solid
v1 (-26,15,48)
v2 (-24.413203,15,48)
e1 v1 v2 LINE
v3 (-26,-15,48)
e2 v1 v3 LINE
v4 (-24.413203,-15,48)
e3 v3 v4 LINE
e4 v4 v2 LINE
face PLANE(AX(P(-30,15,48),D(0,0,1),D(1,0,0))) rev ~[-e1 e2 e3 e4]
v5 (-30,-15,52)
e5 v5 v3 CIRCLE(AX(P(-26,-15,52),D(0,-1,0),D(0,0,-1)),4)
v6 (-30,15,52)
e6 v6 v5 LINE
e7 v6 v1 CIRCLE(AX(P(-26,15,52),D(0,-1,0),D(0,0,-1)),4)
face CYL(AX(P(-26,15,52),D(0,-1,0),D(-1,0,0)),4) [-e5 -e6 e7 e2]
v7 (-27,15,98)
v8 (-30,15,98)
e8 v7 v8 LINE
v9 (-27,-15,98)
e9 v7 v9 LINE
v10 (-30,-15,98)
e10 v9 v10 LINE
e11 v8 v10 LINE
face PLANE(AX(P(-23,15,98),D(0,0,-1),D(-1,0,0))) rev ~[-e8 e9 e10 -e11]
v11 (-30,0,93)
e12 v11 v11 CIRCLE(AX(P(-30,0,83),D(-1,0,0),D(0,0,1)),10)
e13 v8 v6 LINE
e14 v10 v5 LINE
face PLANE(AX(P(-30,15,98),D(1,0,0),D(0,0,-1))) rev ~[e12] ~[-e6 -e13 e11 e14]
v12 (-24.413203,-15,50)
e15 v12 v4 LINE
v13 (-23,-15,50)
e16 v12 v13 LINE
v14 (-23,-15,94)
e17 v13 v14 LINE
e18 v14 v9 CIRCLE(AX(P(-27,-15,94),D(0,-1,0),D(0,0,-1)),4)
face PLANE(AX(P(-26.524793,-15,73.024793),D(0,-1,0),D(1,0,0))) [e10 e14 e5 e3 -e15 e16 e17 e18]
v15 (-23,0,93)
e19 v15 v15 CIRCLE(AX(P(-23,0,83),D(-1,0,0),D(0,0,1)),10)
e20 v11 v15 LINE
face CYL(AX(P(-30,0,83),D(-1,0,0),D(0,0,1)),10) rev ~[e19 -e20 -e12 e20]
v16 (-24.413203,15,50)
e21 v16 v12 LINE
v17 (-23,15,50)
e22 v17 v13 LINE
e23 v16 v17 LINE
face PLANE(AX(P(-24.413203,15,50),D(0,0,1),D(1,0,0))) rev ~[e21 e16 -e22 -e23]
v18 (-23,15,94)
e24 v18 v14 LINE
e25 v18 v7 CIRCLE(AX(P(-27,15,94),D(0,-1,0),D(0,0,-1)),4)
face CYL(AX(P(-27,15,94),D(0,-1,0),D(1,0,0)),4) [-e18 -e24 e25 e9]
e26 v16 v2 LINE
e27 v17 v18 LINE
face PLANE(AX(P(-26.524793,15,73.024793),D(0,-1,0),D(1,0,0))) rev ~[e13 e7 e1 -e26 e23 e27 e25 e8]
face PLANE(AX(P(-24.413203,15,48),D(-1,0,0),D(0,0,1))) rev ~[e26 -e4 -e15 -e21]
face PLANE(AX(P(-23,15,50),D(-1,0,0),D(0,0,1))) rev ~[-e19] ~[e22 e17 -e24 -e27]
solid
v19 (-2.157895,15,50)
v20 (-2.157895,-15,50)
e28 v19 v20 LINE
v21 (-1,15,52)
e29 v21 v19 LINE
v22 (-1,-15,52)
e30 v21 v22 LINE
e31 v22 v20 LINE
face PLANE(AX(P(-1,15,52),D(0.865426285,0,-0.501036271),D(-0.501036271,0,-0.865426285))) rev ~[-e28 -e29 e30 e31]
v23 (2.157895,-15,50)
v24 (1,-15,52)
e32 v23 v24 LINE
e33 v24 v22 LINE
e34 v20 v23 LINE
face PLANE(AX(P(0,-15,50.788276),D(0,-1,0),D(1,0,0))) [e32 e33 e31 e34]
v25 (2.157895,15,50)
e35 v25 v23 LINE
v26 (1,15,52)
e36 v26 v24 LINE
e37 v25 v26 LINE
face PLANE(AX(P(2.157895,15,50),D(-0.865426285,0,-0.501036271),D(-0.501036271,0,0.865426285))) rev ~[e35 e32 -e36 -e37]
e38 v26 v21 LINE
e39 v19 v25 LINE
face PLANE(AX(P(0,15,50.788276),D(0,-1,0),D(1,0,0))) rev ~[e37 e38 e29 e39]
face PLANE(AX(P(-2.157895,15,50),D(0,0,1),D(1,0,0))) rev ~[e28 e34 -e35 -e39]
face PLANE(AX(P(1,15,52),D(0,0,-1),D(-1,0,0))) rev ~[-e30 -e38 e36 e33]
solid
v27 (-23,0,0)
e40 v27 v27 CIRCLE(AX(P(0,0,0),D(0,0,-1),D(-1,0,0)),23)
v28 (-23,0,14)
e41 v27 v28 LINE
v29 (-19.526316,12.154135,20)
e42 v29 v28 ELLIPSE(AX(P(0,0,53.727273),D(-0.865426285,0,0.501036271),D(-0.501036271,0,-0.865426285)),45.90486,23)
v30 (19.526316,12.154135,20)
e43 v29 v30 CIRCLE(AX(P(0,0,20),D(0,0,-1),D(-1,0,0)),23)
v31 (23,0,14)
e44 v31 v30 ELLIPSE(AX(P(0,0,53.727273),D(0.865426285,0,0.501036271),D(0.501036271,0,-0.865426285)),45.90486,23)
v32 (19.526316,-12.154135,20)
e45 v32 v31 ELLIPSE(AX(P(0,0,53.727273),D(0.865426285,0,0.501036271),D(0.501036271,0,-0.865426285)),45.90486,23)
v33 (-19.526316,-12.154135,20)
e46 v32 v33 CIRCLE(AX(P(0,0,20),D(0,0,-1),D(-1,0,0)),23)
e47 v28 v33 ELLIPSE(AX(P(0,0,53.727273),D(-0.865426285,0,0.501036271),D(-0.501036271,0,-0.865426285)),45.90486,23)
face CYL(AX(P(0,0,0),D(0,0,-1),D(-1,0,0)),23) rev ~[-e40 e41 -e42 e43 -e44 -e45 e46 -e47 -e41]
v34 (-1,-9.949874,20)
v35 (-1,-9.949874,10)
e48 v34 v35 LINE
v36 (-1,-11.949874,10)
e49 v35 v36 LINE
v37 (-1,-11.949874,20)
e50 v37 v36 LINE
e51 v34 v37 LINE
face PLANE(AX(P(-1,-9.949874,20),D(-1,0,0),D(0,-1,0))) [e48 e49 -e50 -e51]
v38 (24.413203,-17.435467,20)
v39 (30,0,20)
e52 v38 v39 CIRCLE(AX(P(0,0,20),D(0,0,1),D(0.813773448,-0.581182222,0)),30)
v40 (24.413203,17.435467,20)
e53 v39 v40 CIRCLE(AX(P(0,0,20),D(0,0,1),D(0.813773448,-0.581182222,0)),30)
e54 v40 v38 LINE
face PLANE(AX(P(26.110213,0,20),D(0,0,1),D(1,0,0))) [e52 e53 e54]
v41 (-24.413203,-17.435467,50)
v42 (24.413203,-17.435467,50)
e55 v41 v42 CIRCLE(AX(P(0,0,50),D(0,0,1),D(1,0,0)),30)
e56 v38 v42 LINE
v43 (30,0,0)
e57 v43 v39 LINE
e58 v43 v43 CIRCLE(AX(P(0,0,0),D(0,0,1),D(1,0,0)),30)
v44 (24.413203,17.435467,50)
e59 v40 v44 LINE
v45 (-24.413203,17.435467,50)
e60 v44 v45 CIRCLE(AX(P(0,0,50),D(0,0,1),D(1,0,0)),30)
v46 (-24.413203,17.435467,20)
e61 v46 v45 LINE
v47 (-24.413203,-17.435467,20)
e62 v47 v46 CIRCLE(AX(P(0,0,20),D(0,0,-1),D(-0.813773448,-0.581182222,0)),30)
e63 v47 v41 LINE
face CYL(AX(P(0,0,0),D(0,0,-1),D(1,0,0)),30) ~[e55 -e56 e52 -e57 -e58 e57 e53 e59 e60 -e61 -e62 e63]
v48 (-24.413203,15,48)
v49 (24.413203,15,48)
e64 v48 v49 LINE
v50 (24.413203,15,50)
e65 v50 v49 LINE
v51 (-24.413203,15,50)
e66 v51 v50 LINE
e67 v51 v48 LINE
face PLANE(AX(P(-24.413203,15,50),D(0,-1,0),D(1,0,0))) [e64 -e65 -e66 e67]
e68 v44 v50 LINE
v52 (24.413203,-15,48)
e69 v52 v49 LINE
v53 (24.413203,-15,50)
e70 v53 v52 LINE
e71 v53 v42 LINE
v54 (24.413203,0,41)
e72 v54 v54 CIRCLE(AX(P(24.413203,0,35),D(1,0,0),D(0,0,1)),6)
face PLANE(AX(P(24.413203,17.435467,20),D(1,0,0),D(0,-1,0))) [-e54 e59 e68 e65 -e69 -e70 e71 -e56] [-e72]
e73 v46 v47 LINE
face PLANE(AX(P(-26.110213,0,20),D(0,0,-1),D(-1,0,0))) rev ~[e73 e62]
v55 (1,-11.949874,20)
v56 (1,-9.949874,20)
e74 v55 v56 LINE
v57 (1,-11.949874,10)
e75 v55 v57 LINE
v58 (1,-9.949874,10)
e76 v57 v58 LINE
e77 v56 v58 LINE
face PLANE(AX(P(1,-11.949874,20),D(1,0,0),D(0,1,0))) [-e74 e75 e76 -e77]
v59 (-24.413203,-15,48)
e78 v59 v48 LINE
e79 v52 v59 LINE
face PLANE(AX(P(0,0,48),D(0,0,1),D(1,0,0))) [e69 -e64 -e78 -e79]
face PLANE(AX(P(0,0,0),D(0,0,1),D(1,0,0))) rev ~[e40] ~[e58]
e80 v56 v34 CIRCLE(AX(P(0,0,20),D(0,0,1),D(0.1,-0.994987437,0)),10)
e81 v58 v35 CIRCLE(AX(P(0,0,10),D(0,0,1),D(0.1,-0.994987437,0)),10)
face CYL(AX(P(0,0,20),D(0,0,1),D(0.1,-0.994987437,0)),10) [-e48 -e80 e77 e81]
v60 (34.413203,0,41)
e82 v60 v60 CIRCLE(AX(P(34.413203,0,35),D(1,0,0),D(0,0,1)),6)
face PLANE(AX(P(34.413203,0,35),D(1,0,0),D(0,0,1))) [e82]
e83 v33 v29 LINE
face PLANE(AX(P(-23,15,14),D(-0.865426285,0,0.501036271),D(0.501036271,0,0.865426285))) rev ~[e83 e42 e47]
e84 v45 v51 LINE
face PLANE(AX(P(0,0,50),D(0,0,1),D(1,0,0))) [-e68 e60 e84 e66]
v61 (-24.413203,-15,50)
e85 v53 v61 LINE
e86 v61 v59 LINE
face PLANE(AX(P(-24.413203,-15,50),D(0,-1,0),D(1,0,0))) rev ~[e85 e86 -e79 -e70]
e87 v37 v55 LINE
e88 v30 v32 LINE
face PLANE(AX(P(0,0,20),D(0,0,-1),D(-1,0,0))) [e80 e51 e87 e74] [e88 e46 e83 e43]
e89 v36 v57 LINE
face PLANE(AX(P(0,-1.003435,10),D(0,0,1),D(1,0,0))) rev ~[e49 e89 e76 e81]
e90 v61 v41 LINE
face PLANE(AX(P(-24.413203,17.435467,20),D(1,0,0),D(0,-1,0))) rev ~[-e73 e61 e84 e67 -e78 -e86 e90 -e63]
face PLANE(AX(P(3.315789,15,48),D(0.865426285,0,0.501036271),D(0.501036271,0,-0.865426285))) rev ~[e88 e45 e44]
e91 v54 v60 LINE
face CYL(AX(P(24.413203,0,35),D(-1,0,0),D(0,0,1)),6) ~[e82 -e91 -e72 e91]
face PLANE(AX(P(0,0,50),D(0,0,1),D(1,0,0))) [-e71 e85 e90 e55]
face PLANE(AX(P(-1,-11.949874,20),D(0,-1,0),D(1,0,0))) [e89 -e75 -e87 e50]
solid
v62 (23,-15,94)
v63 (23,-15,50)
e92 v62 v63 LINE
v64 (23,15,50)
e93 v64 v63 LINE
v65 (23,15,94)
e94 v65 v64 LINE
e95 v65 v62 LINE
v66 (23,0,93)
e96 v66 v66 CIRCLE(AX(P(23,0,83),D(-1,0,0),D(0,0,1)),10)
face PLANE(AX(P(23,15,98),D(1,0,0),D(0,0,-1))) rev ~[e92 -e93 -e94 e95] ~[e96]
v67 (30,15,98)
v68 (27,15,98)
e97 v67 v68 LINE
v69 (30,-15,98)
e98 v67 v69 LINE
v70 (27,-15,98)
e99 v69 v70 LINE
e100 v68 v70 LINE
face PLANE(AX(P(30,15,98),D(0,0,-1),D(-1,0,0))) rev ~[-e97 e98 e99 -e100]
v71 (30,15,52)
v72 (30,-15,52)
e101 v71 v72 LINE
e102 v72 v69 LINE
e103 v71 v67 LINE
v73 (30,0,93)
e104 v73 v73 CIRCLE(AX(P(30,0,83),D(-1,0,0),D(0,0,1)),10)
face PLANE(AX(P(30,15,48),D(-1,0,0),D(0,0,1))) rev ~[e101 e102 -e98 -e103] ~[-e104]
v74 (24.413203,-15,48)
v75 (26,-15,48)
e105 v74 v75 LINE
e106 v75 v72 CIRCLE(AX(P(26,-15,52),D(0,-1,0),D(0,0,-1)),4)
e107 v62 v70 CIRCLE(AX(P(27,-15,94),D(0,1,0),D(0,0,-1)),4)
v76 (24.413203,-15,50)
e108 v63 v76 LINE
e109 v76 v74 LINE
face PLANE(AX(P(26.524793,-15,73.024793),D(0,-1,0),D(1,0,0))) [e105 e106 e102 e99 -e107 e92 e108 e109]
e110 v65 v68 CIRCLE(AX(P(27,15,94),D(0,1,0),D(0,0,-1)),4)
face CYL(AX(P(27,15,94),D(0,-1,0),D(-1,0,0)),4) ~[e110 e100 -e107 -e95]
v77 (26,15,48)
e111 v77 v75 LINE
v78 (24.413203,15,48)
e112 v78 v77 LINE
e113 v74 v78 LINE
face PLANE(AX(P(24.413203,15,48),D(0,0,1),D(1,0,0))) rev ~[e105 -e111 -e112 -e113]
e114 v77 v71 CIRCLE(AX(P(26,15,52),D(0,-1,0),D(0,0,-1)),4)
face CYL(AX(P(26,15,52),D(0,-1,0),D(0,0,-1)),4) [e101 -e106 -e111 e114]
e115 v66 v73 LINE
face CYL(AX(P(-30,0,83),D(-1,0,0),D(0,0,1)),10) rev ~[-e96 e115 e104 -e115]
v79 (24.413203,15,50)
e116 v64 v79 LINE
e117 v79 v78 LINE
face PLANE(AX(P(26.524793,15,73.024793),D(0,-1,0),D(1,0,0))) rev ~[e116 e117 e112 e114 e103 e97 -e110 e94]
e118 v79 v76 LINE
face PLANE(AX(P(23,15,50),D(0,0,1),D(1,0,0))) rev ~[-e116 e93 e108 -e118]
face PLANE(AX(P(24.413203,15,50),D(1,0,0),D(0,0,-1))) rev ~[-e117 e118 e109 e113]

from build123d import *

# Parameters (mm, degrees)
SKETCH1_R           = 30
BOSS_EXTRUDE1_DEPTH = 50
SKETCH2_R           = 23
CUT_EXTRUDE1_DEPTH  = 20
CUT_EXTRUDE2_START  = -30
CUT_EXTRUDE2_DEPTH  = 30
SKETCH5_R           = 6
BOSS_EXTRUDE3_DEPTH = 10
SKETCH6_W           = 48.826406872
SKETCH6_H           = 30
CUT_EXTRUDE3_DEPTH  = 2
BOSS_EXTRUDE4_DEPTH = 30
SKETCH8_R           = 10
CUT_EXTRUDE4_DEPTH  = 122.049827661
FILLET1_R           = 4
FILLET2_R           = 4
BOSS_EXTRUDE5_DEPTH = 10


with BuildPart() as part:
    # Sketch1 → Boss-Extrude1 (new body)
    with BuildSketch(Plane.XY):
        Circle(SKETCH1_R)
    extrude(amount=BOSS_EXTRUDE1_DEPTH)

    # Sketch2 → Cut-Extrude1 (cut)
    with BuildSketch(Plane(origin=(0, 0, 0), x_dir=(-1, 0, 0), z_dir=(0, 0, -1))):
        Circle(SKETCH2_R)
    extrude(amount=-CUT_EXTRUDE1_DEPTH, mode=Mode.SUBTRACT)

    # Sketch3 → Cut-Extrude2 (cut)
    with BuildSketch(Plane.XY.offset(50).offset(CUT_EXTRUDE2_START)):
        with BuildLine():
            Line((-24.413203436, 17.43546667), (-24.413203436, -17.43546667))
            ThreePointArc((-24.413203436, -17.43546667), (-30, 0), (-24.413203436, 17.43546667))
        make_face()
        with BuildLine():
            Line((24.413203436, 17.43546667), (24.413203436, -17.43546667))
            ThreePointArc((24.413203436, -17.43546667), (30, 0), (24.413203436, 17.43546667))
        make_face()
    extrude(amount=CUT_EXTRUDE2_DEPTH, mode=Mode.SUBTRACT)

    # Sketch5 → Boss-Extrude3 (add)
    with BuildSketch(Plane(origin=(24.413203436, 0, 0), x_dir=(0, 0, -1), z_dir=(1, 0, 0))):
        with Locations(Location((-35, 0, 0), (0, 0, 180))):
            Circle(SKETCH5_R)
    extrude(amount=BOSS_EXTRUDE3_DEPTH)

    # Sketch6 → Cut-Extrude3 (cut)
    with BuildSketch(Plane.XY.offset(50)):
        Rectangle(SKETCH6_W, SKETCH6_H)
    extrude(amount=-CUT_EXTRUDE3_DEPTH, mode=Mode.SUBTRACT)

    # Sketch7 → Boss-Extrude4 (add)
    with BuildSketch(Plane.XZ.offset(-15)):
        Polygon((-23, 50), (-23, 98), (-30, 98), (-30, 48), (-24.413203436, 48), (-24.413203436, 50), align=None)
        Polygon((-3.315789474, 48), (-23, 48), (-23, 14), align=None)
        Polygon((-1, 52), (-2.157894737, 50), (2.157894737, 50), (1, 52), align=None)
        Polygon((23, 48), (3.315789474, 48), (23, 14), align=None)
        Polygon((23, 98), (23, 50), (24.413203436, 50), (24.413203436, 48), (30, 48), (30, 98), align=None)
    extrude(amount=BOSS_EXTRUDE4_DEPTH)


with BuildPart() as boss_extrude4_piece_1:
    # of the separate pieces the step leaves, piece 1, a body of its own (boss_extrude4_pieces)
    add(part.part.solids().sort_by_distance((30, 0, 0))[0])

    # Sketch9 → Boss-Extrude5 (add)
    with BuildSketch(Plane(origin=(0, 0, 20), x_dir=(-1, 0, 0), z_dir=(0, 0, -1))):
        with BuildLine():
            Line((0, -11.949874371), (-1, -11.949874371))
            Line((-1, -11.949874371), (-1, -9.949874371))
            ThreePointArc((-1, -9.949874371), (0, 10), (1, -9.949874371))
            Line((1, -9.949874371), (1, -11.949874371))
            Line((1, -11.949874371), (0, -11.949874371))
        make_face()
    extrude(amount=BOSS_EXTRUDE5_DEPTH)


with BuildPart() as boss_extrude4_piece_2:
    # of the separate pieces the step leaves, piece 2, a body of its own (boss_extrude4_pieces)
    add(part.part.solids().sort_by_distance((-23, -15, 98))[0])


with BuildPart() as boss_extrude4_piece_3:
    # of the separate pieces the step leaves, piece 3, a body of its own (boss_extrude4_pieces)
    add(part.part.solids().sort_by_distance((23, -15, 98))[0])


with BuildPart() as boss_extrude4_piece_4:
    # of the separate pieces the step leaves, piece 4, a body of its own (boss_extrude4_pieces)
    add(part.part.solids().sort_by_distance((1, 15, 52))[0])


with BuildPart() as cut_extrude4_tool:
    # Sketch8 → Cut-Extrude4 (new, through all)
    with BuildSketch(Plane.ZY.offset(30)):
        with Locations((83, 0)):
            Circle(SKETCH8_R)
    extrude(amount=-CUT_EXTRUDE4_DEPTH)


with BuildPart() as boss_extrude4_piece_2_1:
    add(boss_extrude4_piece_2.part)

    # Cut-Extrude4: cut by cut_extrude4_tool
    add(cut_extrude4_tool.part, mode=Mode.SUBTRACT)

    # Fillet2
    fillet2_edges = [boss_extrude4_piece_2_1.edges().sort_by_distance(p)[0] for p in [
        (-23, 0, 98),
        (-30, 0, 48),
    ]]
    fillet(fillet2_edges, radius=FILLET2_R)


with BuildPart() as boss_extrude4_piece_3_1:
    add(boss_extrude4_piece_3.part)

    # Cut-Extrude4: cut by cut_extrude4_tool
    add(cut_extrude4_tool.part, mode=Mode.SUBTRACT)

    # Fillet1
    fillet1_edges = [boss_extrude4_piece_3_1.edges().sort_by_distance(p)[0] for p in [
        (30, 0, 48),
        (23, 0, 98),
    ]]
    fillet(fillet1_edges, radius=FILLET1_R)


solid = Compound([boss_extrude4_piece_1.part, boss_extrude4_piece_4.part, boss_extrude4_piece_2_1.part, boss_extrude4_piece_3_1.part])
